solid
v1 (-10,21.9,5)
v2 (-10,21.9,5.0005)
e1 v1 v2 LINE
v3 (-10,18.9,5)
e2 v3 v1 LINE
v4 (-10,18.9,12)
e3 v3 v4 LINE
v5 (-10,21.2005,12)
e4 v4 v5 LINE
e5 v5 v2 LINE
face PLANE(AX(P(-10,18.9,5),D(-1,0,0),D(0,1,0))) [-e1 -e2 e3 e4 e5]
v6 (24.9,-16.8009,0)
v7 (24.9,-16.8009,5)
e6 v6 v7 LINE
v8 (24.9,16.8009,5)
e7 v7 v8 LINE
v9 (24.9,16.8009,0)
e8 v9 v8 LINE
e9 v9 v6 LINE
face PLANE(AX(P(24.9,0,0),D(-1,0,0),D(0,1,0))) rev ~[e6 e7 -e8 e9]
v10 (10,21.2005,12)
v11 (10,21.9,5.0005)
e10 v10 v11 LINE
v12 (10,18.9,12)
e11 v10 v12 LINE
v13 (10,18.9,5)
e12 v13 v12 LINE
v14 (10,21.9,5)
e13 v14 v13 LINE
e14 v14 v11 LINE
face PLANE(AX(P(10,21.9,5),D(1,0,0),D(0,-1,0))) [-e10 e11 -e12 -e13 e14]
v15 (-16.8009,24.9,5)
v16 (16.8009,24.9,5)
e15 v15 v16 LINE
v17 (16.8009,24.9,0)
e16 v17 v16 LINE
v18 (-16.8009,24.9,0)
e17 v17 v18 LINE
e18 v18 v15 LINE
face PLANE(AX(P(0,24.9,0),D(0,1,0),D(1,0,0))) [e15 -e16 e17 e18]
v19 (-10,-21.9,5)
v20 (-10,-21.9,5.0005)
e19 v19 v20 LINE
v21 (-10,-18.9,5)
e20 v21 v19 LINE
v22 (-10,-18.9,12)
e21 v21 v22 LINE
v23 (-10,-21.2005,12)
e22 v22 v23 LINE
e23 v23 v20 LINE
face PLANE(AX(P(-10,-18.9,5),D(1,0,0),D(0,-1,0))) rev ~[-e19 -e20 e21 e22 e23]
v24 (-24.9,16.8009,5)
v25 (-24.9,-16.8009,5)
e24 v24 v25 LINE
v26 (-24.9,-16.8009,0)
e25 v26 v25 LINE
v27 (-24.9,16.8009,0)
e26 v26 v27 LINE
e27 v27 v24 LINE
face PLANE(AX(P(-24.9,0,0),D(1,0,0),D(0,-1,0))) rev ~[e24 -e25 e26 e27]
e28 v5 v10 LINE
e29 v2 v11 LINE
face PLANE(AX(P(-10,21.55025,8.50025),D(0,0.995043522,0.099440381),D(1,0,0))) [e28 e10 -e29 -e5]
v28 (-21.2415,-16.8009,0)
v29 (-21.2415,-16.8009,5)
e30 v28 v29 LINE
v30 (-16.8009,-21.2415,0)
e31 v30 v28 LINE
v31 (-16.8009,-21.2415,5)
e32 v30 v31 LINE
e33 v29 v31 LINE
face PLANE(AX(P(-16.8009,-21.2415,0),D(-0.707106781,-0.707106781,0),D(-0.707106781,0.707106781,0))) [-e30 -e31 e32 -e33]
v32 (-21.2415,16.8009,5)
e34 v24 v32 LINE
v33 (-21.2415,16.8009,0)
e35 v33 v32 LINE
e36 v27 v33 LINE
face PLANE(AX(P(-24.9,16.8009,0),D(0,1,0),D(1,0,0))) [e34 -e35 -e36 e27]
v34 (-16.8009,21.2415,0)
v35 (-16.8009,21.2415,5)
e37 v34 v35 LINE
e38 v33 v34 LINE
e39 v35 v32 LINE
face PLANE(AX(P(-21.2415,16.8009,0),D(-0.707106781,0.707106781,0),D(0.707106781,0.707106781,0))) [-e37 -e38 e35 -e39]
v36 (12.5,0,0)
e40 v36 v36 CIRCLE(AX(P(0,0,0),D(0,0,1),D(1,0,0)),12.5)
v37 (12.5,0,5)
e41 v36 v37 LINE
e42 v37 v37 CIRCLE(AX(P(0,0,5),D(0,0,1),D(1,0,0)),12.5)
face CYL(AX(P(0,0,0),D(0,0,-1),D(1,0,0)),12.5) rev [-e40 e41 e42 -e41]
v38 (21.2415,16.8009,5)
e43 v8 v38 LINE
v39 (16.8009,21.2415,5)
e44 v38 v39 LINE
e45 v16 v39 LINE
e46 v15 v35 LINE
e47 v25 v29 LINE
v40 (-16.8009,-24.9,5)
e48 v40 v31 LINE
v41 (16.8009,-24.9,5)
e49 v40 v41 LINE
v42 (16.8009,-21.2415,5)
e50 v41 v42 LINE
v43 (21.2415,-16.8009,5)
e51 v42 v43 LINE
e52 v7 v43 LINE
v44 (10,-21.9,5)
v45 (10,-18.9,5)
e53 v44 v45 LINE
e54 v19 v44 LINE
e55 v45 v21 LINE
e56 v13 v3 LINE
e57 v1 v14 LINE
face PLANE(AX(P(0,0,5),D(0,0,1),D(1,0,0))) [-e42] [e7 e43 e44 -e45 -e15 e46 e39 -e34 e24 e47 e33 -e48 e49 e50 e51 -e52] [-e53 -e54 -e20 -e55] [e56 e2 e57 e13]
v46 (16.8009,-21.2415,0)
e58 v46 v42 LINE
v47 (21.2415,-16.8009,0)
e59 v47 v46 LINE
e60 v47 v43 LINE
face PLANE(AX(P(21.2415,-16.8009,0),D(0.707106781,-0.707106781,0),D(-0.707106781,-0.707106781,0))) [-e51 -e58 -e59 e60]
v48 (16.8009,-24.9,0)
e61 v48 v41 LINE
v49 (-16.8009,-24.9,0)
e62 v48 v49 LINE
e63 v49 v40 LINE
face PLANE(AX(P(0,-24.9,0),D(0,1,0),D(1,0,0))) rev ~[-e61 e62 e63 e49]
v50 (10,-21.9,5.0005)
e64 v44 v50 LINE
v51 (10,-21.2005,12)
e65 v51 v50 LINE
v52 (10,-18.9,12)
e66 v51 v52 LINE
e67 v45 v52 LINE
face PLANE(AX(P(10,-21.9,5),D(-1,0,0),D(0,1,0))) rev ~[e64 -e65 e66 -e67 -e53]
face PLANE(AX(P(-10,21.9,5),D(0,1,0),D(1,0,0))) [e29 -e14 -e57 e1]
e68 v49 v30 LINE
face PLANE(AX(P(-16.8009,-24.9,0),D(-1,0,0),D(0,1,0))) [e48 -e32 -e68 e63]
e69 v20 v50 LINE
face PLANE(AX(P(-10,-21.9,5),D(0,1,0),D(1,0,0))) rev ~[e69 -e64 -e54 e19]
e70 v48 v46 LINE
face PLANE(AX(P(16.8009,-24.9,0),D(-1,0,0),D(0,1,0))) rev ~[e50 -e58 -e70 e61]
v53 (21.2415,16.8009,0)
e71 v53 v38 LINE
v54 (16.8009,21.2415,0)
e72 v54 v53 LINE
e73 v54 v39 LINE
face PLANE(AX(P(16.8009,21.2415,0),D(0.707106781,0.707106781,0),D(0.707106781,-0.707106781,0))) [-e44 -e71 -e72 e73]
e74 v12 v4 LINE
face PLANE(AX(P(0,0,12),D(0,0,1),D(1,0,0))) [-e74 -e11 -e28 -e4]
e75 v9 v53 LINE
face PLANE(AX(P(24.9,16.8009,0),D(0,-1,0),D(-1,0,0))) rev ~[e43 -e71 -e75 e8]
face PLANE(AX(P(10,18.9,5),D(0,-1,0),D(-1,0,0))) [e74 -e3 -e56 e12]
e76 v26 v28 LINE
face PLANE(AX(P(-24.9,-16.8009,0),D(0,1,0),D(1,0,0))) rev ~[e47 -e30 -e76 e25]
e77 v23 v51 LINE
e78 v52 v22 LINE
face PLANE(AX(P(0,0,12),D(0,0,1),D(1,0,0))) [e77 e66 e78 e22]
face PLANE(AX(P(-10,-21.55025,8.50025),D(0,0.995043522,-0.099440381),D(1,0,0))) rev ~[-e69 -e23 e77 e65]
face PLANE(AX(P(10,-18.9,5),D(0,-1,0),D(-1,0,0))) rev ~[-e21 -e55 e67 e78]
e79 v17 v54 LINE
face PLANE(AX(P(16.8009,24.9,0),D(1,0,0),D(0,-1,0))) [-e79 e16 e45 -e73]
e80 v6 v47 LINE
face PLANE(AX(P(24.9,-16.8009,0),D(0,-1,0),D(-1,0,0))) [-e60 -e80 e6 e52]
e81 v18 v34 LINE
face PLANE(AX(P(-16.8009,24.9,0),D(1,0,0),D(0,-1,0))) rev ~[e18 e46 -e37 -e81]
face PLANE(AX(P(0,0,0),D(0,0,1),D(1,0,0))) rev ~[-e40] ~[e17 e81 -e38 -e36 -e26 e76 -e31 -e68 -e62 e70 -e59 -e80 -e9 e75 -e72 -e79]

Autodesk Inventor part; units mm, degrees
ref_plane "YZ Plane" through (0, 0, 0) normal (1, 0, 0) x (0, 1, 0)
ref_plane "XZ Plane" through (0, 0, 0) normal (0, 1, 0) x (-1, 0, 0)
ref_plane "XY Plane" through (0, 0, 0) normal (0, 0, 1) x (1, 0, 0)
sketch "Sketch1" plane through (0, 0, 0) normal (0, 0, 1) x (1, 0, 0)
  line L0 (-34.86, 0) -> (34.86, 0) construction
  line L1 (0, -34.86) -> (0, 34.86) construction
  line L2 (0, 0) -> (11.1575, 11.1575) construction
  line L3 (0, 0) -> (15.7791, 0) construction
  line L4 (0, 24.9) -> (16.8009, 24.9)
  line L5 (16.8009, 24.9) -> (16.8009, 21.2415)
  line L6 (16.8009, 21.2415) -> (19.0212, 19.0212)
  line L7 (24.9, 0) -> (24.9, 16.8009)
  line L8 (24.9, 16.8009) -> (21.2415, 16.8009)
  line L9 (21.2415, 16.8009) -> (19.0212, 19.0212)
  line L10 (0, -24.9) -> (16.8009, -24.9)
  line L11 (16.8009, -24.9) -> (16.8009, -21.2415)
  line L12 (16.8009, -21.2415) -> (19.0212, -19.0212)
  line L13 (24.9, 0) -> (24.9, -16.8009)
  line L14 (24.9, -16.8009) -> (21.2415, -16.8009)
  line L15 (21.2415, -16.8009) -> (19.0212, -19.0212)
  line L16 (0, 24.9) -> (-16.8009, 24.9)
  line L17 (-16.8009, 24.9) -> (-16.8009, 21.2415)
  line L18 (-16.8009, 21.2415) -> (-19.0212, 19.0212)
  line L19 (-24.9, 16.8009) -> (-21.2415, 16.8009)
  line L20 (-21.2415, 16.8009) -> (-19.0212, 19.0212)
  line L21 (0, -24.9) -> (-16.8009, -24.9)
  line L22 (-16.8009, -24.9) -> (-16.8009, -21.2415)
  line L23 (-16.8009, -21.2415) -> (-19.0212, -19.0212)
  line L24 (-21.2415, -16.8009) -> (-19.0212, -19.0212)
  line L25 (-24.9, -16.8009) -> (-21.2415, -16.8009)
  line L26 (-24.9, 0) -> (-24.9, -16.8009)
  line L27 (-24.9, 0) -> (-24.9, 16.8009)
  circle A0 centre (0, 0) radius 12.5
  dimension "d0" = 45
  dimension "d2" = 24.9
  dimension "d3" = 3.14
  dimension "d4" = 26.9
  dimension "d5" = 25
extrude "Extrusion1" add sketch "Sketch1" along normal blind 5
sketch "Sketch2" plane through (0, 0, 5) normal (0, 0, 1) x (1, 0, 0)
  circle A0 centre (0, 0) radius 12.5 projected
  line L0 (16.8009, 24.9) -> (-16.8009, 24.9) projected
  line L1 (-16.8009, 24.9) -> (-16.8009, 21.2415) projected
  line L2 (-16.8009, 21.2415) -> (-21.2415, 16.8009) projected
  line L3 (-21.2415, 16.8009) -> (-24.9, 16.8009) projected
  line L4 (-24.9, 16.8009) -> (-24.9, -16.8009) projected
  line L5 (-24.9, -16.8009) -> (-21.2415, -16.8009) projected
  line L6 (-21.2415, -16.8009) -> (-16.8009, -21.2415) projected
  line L7 (-16.8009, -21.2415) -> (-16.8009, -24.9) projected
  line L8 (-16.8009, -24.9) -> (16.8009, -24.9) projected
  line L9 (16.8009, -24.9) -> (16.8009, -21.2415) projected
  line L10 (16.8009, -21.2415) -> (21.2415, -16.8009) projected
  line L11 (21.2415, -16.8009) -> (24.9, -16.8009) projected
  line L12 (24.9, -16.8009) -> (24.9, 16.8009) projected
  line L13 (24.9, 16.8009) -> (21.2415, 16.8009) projected
  line L14 (21.2415, 16.8009) -> (16.8009, 21.2415) projected
  line L15 (16.8009, 21.2415) -> (16.8009, 24.9) projected
  line L16 (-34.86, 0) -> (34.86, 0) construction
  line L17 (0, -34.86) -> (0, 34.86) construction
  line L18 (-10, 21.9) -> (10, 21.9)
  line L19 (10, 21.9) -> (10, 18.9)
  line L20 (10, 18.9) -> (-10, 18.9)
  line L21 (-10, 18.9) -> (-10, 21.9)
  line L22 (-10, -21.9) -> (10, -21.9)
  line L23 (10, -21.9) -> (10, -18.9)
  line L24 (10, -18.9) -> (-10, -18.9)
  line L25 (-10, -18.9) -> (-10, -21.9)
  dimension "d8" = 20
  dimension "d9" = 3
  dimension "d10" = 3
extrude "Extrusion2" add sketch "Sketch2" along normal blind 7 contours L18 L19 L20 L21 | L25 L24 L23 L22
chamfer "Fase1" distance 0.7 distance2 7 1 edges at (0, 21.9, 12) measured on face at (-3.3333, 19.9, 12)
chamfer "Fase2" distance 0.7 distance2 7 1 edges at (0, -21.9, 12) measured on face at (-3.3333, -19.9, 12)
properties part number "20_Cube_insert_Sample_holder"
